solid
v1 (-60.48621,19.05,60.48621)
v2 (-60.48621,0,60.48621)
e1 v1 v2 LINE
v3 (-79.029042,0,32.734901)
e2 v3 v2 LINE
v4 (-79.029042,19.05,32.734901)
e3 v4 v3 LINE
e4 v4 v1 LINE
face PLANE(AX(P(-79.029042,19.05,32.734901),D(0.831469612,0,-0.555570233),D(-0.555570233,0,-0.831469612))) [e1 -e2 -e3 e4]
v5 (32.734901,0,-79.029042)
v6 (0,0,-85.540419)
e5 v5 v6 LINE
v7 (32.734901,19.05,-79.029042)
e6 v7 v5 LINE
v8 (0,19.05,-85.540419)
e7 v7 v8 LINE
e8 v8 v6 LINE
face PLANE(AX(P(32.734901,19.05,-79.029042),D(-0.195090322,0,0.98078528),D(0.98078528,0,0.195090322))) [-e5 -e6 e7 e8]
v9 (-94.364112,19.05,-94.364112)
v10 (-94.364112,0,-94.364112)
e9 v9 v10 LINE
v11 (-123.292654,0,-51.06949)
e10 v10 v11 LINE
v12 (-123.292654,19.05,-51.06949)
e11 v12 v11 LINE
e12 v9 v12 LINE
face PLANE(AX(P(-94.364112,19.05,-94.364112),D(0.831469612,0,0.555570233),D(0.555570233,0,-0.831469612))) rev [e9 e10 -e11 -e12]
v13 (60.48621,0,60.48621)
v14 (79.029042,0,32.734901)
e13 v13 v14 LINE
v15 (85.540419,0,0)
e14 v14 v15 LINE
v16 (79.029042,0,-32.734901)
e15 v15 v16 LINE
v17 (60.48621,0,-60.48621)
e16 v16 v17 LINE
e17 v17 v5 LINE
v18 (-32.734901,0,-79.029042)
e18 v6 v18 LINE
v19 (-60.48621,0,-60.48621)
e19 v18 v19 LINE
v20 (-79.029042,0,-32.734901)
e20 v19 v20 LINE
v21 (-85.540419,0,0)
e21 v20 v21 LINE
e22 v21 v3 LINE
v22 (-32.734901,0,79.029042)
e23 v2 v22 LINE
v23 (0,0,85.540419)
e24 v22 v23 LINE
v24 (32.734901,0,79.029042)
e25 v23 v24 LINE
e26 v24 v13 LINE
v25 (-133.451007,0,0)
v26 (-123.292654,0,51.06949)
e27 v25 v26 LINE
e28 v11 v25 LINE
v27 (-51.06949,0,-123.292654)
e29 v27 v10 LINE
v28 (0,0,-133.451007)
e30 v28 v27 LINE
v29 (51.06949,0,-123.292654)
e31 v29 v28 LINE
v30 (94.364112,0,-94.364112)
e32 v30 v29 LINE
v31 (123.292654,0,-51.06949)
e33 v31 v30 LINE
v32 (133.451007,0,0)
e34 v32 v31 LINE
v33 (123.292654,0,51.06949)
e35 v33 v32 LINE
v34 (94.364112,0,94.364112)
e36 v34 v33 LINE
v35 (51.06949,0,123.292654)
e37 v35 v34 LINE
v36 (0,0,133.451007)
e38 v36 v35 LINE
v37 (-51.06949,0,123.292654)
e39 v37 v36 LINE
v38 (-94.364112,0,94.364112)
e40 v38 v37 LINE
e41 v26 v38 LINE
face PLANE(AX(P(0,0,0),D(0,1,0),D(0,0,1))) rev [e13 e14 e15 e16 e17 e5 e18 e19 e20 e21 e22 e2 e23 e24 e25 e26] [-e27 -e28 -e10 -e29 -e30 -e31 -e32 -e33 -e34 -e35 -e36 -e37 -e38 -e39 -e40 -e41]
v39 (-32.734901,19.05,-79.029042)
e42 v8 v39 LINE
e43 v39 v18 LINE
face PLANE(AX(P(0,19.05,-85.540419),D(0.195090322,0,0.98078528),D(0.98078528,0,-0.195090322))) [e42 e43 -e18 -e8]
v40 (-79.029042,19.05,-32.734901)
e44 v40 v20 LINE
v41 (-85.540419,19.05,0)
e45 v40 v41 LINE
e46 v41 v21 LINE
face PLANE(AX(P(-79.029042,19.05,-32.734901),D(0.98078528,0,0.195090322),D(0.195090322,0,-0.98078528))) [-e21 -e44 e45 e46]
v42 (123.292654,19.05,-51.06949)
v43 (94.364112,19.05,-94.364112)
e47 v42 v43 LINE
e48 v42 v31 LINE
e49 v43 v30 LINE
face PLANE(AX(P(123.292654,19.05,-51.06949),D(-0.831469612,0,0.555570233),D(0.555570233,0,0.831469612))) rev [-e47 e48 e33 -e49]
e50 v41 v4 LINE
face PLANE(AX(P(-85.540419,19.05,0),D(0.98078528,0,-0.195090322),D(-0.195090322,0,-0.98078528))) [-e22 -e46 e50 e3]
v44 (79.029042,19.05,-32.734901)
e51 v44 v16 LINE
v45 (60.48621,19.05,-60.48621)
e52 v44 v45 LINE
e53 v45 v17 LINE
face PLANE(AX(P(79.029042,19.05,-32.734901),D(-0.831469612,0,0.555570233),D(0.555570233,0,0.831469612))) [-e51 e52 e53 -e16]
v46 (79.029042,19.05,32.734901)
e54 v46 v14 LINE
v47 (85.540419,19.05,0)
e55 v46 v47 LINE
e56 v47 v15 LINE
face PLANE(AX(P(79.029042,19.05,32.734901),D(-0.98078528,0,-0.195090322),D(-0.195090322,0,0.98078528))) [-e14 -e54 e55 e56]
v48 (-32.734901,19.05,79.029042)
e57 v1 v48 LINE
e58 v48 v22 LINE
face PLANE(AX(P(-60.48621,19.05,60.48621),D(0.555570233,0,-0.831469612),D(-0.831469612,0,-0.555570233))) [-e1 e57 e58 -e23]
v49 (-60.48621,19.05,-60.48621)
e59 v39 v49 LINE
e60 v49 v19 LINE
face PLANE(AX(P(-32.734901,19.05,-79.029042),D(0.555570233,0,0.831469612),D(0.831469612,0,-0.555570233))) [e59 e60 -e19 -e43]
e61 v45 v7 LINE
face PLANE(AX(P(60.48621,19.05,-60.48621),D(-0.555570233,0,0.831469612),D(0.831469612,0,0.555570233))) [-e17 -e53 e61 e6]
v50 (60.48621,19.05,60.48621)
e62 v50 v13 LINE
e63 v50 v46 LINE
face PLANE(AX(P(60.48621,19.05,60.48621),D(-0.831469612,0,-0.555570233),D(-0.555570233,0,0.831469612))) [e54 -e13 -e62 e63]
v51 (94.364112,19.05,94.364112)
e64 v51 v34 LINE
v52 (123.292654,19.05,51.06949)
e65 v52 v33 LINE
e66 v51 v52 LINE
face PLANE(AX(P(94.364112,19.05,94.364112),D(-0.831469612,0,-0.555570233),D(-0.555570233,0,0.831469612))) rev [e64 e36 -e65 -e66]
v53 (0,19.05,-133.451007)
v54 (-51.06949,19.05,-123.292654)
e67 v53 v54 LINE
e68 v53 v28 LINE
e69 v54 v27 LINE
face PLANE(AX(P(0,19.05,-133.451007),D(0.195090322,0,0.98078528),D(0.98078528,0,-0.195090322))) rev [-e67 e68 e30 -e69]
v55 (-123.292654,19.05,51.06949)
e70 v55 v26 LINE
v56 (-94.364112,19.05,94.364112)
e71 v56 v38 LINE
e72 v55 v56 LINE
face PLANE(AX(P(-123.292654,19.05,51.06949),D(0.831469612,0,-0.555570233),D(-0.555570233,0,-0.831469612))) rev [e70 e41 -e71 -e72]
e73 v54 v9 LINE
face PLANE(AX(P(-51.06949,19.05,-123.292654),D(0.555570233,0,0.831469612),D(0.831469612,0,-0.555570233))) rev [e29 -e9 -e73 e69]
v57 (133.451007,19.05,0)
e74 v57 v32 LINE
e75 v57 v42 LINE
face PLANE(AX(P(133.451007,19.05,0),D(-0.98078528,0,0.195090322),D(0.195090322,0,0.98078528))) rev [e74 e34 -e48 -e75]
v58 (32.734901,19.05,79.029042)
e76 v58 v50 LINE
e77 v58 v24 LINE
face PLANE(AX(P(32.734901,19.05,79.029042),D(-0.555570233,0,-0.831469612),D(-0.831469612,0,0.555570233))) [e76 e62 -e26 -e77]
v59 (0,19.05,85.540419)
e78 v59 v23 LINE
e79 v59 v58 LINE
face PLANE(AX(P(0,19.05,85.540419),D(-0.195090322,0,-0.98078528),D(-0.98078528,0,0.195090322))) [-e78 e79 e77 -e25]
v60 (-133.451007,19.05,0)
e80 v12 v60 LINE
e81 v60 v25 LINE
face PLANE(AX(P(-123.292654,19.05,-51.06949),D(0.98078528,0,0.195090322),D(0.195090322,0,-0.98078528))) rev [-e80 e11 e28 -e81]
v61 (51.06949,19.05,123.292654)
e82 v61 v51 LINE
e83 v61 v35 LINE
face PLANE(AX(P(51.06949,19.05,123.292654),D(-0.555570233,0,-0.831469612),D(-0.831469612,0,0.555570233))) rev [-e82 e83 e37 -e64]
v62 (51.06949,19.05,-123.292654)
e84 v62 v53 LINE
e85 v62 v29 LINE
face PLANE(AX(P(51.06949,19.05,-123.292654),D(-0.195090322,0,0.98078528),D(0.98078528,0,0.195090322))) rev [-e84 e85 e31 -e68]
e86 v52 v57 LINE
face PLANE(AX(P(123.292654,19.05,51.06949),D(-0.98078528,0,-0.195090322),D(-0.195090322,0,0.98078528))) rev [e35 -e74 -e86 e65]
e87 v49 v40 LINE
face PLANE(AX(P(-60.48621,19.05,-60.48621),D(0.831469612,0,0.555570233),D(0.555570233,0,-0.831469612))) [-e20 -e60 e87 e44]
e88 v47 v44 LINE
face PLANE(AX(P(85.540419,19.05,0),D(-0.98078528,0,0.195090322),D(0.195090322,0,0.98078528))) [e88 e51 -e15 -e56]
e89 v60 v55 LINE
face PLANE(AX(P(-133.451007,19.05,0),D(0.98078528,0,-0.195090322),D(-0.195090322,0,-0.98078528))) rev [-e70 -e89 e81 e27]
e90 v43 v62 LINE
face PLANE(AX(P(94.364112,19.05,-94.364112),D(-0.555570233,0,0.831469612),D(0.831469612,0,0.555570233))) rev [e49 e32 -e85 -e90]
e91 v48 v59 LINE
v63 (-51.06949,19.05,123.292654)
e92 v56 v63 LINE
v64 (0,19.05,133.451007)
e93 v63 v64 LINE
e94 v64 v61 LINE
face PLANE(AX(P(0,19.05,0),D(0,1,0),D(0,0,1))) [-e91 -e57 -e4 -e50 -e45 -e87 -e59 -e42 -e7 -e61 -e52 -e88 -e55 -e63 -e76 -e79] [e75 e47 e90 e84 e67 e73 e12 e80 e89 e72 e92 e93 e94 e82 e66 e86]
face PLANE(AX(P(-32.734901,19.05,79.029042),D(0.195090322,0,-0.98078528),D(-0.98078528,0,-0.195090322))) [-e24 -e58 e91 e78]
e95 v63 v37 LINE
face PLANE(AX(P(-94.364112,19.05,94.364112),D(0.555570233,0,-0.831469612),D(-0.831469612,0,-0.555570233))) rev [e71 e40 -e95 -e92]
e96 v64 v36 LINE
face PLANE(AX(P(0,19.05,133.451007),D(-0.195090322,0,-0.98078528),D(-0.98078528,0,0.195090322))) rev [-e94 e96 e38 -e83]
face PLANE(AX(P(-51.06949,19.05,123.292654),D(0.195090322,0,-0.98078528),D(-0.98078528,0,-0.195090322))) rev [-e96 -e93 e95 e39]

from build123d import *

# Parameters (mm, degrees)
BOSS_EXTRUDE1_DEPTH = 19.05


with BuildPart() as part:
    # Sketch1 → Boss-Extrude1 (new body)
    with BuildSketch(Plane(origin=(0, 0, 0), x_dir=(1, 0, 0), z_dir=(0, 1, 0))):
        Polygon((133.451007364, 0), (123.292654297, 51.069489551), (94.364112263, 94.364112263), (51.069489551, 123.292654297), (0, 133.451007364), (-51.069489551, 123.292654297), (-94.364112263, 94.364112263), (-123.292654297, 51.069489551), (-133.451007364, 0), (-123.292654297, -51.069489551), (-94.364112263, -94.364112263), (-51.069489551, -123.292654297), (0, -133.451007364), (51.069489551, -123.292654297), (94.364112263, -94.364112263), (123.292654297, -51.069489551), align=None)
        Polygon((85.54041884, 0), (79.029042168, 32.734901088), (60.486210227, 60.486210227), (32.734901088, 79.029042168), (0, 85.54041884), (-32.734901088, 79.029042168), (-60.486210227, 60.486210227), (-79.029042168, 32.734901088), (-85.54041884, 0), (-79.029042168, -32.734901088), (-60.486210227, -60.486210227), (-32.734901088, -79.029042168), (0, -85.54041884), (32.734901088, -79.029042168), (60.486210227, -60.486210227), (79.029042168, -32.734901088), align=None, mode=Mode.SUBTRACT)
    extrude(amount=BOSS_EXTRUDE1_DEPTH)


solid = part.part
